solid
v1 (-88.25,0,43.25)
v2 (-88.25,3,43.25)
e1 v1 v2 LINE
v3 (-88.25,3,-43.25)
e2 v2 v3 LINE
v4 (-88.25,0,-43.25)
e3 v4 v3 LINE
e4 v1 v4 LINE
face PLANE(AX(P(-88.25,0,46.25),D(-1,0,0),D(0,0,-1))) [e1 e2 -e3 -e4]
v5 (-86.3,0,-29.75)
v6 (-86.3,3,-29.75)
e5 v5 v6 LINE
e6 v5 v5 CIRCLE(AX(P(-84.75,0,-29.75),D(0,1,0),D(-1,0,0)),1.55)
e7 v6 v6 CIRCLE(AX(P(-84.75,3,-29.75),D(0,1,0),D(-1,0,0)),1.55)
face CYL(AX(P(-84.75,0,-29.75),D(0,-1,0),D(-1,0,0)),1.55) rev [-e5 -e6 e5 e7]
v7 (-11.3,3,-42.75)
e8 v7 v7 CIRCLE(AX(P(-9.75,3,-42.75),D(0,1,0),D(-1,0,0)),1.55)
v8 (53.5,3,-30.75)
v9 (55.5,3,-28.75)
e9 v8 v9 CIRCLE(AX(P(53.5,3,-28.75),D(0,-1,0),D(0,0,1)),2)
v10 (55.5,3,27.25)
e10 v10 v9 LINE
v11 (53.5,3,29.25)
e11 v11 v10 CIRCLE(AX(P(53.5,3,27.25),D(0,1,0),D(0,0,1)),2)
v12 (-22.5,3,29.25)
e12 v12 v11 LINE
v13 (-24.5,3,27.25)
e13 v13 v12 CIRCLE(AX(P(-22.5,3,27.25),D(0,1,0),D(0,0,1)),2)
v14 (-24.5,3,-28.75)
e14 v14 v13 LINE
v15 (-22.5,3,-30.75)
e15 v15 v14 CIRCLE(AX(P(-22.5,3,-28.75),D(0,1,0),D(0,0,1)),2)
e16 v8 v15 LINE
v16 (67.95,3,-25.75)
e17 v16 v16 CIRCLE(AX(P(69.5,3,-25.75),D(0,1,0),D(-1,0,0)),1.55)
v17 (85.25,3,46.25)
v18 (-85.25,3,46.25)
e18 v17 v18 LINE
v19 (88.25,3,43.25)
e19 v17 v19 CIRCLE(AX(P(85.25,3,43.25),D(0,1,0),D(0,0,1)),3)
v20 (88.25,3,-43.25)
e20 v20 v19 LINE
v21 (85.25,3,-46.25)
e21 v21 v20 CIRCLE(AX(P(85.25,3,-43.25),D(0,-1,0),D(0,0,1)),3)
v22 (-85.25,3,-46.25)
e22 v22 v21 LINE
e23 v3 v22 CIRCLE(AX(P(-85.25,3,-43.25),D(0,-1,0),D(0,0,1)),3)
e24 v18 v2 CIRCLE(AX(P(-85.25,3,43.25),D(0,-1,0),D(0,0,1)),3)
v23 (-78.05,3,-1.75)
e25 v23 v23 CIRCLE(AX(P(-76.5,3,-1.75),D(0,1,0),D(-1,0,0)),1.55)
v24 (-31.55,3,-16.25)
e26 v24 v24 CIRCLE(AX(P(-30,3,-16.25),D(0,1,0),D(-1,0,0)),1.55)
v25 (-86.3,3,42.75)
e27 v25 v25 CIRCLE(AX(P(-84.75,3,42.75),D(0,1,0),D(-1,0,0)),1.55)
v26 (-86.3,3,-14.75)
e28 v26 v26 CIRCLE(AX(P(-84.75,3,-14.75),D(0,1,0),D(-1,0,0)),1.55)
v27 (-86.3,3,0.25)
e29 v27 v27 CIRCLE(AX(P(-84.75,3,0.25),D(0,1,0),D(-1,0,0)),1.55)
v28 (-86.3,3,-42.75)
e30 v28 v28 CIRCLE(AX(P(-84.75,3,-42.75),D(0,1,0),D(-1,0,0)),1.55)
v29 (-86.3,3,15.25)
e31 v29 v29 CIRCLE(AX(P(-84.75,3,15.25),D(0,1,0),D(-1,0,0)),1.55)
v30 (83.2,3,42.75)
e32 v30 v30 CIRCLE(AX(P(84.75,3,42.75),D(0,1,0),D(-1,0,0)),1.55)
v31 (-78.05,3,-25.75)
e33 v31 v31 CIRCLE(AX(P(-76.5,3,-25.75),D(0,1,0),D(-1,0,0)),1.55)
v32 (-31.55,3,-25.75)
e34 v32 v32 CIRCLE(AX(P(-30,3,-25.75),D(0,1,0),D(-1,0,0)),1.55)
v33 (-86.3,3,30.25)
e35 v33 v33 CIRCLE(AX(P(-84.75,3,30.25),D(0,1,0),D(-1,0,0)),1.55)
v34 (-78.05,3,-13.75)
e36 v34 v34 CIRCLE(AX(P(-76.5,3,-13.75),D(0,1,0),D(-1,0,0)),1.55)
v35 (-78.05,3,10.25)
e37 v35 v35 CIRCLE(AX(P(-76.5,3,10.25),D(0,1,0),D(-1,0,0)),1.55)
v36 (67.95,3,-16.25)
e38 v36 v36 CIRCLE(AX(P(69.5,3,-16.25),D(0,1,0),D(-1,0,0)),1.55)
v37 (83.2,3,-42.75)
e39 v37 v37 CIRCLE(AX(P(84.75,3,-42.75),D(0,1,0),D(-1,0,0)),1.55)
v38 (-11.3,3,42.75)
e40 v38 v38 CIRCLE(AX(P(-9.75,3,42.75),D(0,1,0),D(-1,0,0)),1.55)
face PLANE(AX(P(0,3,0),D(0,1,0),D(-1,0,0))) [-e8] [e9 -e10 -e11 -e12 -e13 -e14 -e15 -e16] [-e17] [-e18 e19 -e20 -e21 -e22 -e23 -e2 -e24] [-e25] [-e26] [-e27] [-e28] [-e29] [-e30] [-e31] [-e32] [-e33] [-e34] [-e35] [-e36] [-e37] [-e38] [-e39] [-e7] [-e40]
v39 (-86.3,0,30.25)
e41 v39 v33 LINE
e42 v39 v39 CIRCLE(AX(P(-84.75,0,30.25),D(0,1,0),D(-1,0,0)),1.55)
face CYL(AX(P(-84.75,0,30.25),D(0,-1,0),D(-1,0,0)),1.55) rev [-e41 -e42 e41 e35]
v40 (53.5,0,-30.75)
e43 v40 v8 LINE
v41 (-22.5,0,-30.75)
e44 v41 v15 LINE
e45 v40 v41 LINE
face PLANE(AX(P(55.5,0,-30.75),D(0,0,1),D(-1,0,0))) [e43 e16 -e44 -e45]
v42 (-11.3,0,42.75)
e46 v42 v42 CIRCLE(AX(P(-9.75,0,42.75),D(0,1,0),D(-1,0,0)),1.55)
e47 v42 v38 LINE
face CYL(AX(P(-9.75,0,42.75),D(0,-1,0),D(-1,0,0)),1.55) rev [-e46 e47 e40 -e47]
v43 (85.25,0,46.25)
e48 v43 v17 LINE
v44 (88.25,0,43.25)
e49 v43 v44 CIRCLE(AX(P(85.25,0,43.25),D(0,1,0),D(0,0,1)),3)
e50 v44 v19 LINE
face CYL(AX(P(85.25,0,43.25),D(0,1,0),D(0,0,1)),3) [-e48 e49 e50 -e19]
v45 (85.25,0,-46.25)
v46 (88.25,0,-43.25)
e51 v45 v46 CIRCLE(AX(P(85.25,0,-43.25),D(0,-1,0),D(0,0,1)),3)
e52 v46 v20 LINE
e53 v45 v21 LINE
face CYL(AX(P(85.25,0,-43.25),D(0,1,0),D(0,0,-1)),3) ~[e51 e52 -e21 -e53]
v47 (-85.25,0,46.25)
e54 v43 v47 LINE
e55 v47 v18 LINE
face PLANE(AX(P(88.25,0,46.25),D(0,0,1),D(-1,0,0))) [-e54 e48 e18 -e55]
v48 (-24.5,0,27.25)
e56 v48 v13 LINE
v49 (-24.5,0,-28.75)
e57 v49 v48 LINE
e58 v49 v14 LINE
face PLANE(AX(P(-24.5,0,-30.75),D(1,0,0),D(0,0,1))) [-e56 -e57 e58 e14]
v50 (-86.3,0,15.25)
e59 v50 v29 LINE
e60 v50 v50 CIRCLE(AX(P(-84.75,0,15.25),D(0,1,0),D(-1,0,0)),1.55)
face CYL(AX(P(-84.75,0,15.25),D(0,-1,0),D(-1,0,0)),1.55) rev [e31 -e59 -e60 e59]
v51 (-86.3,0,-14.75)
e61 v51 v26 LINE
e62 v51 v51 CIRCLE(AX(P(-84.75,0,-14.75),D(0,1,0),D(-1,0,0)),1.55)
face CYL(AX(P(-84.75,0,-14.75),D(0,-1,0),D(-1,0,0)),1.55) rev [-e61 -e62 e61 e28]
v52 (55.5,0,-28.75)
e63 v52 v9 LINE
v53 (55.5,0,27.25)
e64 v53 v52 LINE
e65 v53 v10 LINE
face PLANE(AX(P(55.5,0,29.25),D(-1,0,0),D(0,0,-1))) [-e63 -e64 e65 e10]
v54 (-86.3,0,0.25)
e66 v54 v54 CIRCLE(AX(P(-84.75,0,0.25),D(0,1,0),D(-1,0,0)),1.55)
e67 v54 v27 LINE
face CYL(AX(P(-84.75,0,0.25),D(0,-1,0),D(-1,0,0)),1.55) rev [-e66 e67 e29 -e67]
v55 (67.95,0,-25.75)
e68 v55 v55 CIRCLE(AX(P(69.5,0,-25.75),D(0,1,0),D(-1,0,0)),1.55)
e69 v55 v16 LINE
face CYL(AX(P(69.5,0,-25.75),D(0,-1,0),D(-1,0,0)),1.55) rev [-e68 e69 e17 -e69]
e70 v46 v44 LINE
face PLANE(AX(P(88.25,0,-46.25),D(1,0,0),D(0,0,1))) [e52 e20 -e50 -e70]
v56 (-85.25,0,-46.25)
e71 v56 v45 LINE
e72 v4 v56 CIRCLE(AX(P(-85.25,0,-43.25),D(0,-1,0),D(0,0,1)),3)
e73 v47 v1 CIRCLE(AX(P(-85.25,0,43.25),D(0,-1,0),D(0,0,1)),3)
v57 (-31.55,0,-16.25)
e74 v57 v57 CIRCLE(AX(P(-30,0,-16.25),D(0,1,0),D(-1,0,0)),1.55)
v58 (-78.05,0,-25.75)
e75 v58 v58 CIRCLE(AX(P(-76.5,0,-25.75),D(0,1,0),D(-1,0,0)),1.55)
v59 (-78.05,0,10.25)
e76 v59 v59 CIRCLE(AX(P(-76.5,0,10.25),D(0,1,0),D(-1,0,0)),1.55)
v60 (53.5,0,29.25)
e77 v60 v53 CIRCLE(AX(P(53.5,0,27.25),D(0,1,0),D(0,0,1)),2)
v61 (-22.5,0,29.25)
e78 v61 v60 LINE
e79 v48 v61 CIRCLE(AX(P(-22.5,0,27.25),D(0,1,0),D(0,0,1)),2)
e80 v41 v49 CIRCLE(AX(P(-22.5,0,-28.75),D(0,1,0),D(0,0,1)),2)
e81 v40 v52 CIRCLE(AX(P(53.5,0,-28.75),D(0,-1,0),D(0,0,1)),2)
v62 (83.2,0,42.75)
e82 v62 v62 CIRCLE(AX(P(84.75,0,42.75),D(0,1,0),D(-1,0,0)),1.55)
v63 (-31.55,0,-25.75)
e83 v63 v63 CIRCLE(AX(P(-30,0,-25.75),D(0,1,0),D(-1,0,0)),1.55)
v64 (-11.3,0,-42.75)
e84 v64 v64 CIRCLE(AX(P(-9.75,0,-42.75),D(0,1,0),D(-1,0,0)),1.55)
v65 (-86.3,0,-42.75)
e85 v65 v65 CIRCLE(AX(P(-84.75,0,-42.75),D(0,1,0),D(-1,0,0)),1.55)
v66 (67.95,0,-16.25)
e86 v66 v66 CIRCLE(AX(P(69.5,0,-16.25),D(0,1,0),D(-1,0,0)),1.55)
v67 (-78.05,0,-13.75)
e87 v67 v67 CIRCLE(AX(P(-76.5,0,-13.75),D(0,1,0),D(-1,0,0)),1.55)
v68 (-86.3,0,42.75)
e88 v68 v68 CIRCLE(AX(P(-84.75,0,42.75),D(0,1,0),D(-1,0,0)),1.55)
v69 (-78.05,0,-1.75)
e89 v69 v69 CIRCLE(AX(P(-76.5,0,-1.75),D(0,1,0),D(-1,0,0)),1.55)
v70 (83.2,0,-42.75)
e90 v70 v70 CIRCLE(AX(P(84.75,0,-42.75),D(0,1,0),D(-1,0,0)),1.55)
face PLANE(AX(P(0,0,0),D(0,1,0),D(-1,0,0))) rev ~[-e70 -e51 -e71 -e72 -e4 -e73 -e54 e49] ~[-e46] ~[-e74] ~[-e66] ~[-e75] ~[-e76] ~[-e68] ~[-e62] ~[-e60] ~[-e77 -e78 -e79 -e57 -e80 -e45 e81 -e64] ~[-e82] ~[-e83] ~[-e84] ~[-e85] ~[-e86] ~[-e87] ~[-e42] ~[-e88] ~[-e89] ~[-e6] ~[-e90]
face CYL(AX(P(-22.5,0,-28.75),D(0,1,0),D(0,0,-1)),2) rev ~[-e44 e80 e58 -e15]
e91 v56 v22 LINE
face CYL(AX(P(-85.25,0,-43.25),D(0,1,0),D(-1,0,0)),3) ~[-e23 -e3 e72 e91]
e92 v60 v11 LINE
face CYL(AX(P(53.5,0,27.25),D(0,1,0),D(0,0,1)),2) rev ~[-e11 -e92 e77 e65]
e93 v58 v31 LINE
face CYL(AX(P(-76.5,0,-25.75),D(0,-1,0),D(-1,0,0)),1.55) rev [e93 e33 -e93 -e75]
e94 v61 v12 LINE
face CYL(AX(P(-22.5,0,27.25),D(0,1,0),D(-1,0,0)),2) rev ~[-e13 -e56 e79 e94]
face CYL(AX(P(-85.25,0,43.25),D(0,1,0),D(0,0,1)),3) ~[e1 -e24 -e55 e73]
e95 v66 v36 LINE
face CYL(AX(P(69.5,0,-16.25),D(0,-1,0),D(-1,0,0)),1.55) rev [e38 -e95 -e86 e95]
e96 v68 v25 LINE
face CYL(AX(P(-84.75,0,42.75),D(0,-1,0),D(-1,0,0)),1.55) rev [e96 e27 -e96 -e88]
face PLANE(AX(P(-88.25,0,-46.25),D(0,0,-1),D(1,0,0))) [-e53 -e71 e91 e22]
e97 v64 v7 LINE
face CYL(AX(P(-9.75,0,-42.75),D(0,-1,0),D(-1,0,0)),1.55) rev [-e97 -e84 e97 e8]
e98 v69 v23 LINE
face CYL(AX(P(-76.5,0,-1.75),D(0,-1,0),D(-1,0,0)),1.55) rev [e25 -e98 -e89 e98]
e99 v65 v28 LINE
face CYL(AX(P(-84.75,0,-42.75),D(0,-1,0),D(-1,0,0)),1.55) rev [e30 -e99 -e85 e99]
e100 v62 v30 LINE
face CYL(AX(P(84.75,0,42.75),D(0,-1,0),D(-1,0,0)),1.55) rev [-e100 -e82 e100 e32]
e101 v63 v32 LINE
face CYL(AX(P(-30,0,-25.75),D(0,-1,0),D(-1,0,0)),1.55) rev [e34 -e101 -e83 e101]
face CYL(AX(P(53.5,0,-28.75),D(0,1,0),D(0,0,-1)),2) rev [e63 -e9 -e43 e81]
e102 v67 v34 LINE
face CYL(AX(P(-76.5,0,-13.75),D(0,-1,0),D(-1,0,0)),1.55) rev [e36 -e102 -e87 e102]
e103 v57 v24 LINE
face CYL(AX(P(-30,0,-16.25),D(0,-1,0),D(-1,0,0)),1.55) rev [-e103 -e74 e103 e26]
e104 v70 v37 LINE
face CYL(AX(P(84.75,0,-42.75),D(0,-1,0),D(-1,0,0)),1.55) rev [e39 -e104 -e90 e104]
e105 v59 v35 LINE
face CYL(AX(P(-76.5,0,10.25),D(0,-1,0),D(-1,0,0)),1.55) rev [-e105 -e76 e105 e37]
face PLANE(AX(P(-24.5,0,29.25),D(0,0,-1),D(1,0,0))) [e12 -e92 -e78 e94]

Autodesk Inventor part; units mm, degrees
ref_plane "YZ Plane" through (0, 0, 0) normal (1, 0, 0) x (0, 1, 0)
ref_plane "XZ Plane" through (0, 0, 0) normal (0, 1, 0) x (-1, 0, 0)
ref_plane "XY Plane" through (0, 0, 0) normal (0, 0, 1) x (1, 0, 0)
sketch "スケッチ1" plane through (0, 0, 0) normal (0, 1, 0) x (-1, 0, 0)
  line L0 (-88.25, 46.25) -> (88.25, 46.25)
  line L1 (88.25, 46.25) -> (88.25, -46.25)
  line L2 (88.25, -46.25) -> (-88.25, -46.25)
  line L3 (-88.25, -46.25) -> (-88.25, 46.25)
  line L4 (-88.25, 46.25) -> (88.25, -46.25) construction
  line L5 (88.25, 46.25) -> (-88.25, -46.25) construction
  circle A0 centre (84.75, 42.75) radius 1.55
  circle A1 centre (9.75, 42.75) radius 1.55
  circle A2 centre (-84.75, 42.75) radius 1.55
  line L6 (151.0272, 0) -> (-157.6431, 0) construction
  line L7 (0, 129.3763) -> (0, -94.6315) construction
  circle A3 centre (84.75, -42.75) radius 1.55
  circle A4 centre (9.75, -42.75) radius 1.55
  circle A5 centre (-84.75, -42.75) radius 1.55
  circle A6 centre (30, -25.75) radius 1.55
  circle A7 centre (30, -16.25) radius 1.55
  line L8 (88.25, -25.75) -> (-88.25, -25.75) construction
  line L9 (-88.25, -16.25) -> (88.25, -16.25) construction
  circle A8 centre (-69.5, -25.75) radius 1.55
  circle A9 centre (-69.5, -16.25) radius 1.55
  circle A10 centre (84.75, -29.75) radius 1.55
  circle A11 centre (84.75, -14.75) radius 1.55
  circle A12 centre (84.75, 0.25) radius 1.55
  circle A13 centre (84.75, 15.25) radius 1.55
  circle A14 centre (84.75, 30.25) radius 1.55
  circle A15 centre (76.5, -25.75) radius 1.55
  circle A16 centre (76.5, -13.75) radius 1.55
  circle A17 centre (76.5, -1.75) radius 1.55
  circle A18 centre (76.5, 10.25) radius 1.55
  line L10 (-55.5, -30.75) -> (24.5, -30.75)
  line L11 (24.5, -30.75) -> (24.5, 29.25)
  line L12 (24.5, 29.25) -> (-55.5, 29.25)
  line L13 (-55.5, 29.25) -> (-55.5, -30.75)
  line L14 (-55.5, -30.75) -> (24.5, 29.25) construction
  line L15 (24.5, -30.75) -> (-55.5, 29.25) construction
  point P0 (0, 0)
  point P1 (-15.5, -0.75)
  dimension "d105" = 176.5
  dimension "d106" = 92.5
  dimension "d107" = 3.5
  dimension "d108" = 3.5
  dimension "d109" = 3.1
  dimension "d110" = 78.5
  dimension "d111" = 3.5
  dimension "d112" = 3.1
  dimension "d113" = 173
  dimension "d114" = 3.5
  dimension "d115" = 3.1
  dimension "d116" = 46.25
  dimension "d117" = 88.25
  dimension "d118" = 58.25
  dimension "d119" = 20.5
  dimension "d120" = 30
  dimension "d121" = 3.1
  dimension "d122" = 3.1
  dimension "d123" = 58.25
  dimension "d129" = 3.1
  dimension "d130" = 3.1
  dimension "d132" = 9.5
  dimension "d133" = 20.5
  dimension "d134" = 30
  dimension "d136" = 16.5
  dimension "d137" = 3.5
  dimension "d138" = 3.1
  dimension "d141" = 15
  dimension "d146" = 20.5
  dimension "d147" = 11.75
  dimension "d148" = 3.1
  dimension "d151" = 12
  dimension "d156" = 15.5
  dimension "d157" = 75.5
  dimension "d158" = 63.75
  dimension "d159" = 143.75
  dimension "d164" = 99.5
  dimension "d165" = 157.75
extrude "押し出し1" add sketch "スケッチ1" along normal blind 3
fillet "フィレット1" radius 2 4 edges at (-24.5, 1.5, 29.25) (-24.5, 1.5, -30.75) (55.5, 1.5, 29.25) (55.5, 1.5, -30.75)
fillet "フィレット2" radius 3 4 edges at (-88.25, 1.5, 46.25) (-88.25, 1.5, -46.25) (88.25, 1.5, 46.25) (88.25, 1.5, -46.25)
equation "\"d108\" = d107"
equation "\"d111\" = d107"
equation "\"d112\" = d109"
equation "\"d114\" = d111"
equation "\"d115\" = d112"
equation "\"d121\" = d109"
equation "\"d122\" = d109"
equation "\"d123\" = d118"
equation "\"d129\" = d131"
equation "\"d130\" = d131"
equation "\"d138\" = d109"
equation "\"d148\" = d138"
equation "\"d131\" = 3.1"
properties part number "Sole" material "GFRC"
